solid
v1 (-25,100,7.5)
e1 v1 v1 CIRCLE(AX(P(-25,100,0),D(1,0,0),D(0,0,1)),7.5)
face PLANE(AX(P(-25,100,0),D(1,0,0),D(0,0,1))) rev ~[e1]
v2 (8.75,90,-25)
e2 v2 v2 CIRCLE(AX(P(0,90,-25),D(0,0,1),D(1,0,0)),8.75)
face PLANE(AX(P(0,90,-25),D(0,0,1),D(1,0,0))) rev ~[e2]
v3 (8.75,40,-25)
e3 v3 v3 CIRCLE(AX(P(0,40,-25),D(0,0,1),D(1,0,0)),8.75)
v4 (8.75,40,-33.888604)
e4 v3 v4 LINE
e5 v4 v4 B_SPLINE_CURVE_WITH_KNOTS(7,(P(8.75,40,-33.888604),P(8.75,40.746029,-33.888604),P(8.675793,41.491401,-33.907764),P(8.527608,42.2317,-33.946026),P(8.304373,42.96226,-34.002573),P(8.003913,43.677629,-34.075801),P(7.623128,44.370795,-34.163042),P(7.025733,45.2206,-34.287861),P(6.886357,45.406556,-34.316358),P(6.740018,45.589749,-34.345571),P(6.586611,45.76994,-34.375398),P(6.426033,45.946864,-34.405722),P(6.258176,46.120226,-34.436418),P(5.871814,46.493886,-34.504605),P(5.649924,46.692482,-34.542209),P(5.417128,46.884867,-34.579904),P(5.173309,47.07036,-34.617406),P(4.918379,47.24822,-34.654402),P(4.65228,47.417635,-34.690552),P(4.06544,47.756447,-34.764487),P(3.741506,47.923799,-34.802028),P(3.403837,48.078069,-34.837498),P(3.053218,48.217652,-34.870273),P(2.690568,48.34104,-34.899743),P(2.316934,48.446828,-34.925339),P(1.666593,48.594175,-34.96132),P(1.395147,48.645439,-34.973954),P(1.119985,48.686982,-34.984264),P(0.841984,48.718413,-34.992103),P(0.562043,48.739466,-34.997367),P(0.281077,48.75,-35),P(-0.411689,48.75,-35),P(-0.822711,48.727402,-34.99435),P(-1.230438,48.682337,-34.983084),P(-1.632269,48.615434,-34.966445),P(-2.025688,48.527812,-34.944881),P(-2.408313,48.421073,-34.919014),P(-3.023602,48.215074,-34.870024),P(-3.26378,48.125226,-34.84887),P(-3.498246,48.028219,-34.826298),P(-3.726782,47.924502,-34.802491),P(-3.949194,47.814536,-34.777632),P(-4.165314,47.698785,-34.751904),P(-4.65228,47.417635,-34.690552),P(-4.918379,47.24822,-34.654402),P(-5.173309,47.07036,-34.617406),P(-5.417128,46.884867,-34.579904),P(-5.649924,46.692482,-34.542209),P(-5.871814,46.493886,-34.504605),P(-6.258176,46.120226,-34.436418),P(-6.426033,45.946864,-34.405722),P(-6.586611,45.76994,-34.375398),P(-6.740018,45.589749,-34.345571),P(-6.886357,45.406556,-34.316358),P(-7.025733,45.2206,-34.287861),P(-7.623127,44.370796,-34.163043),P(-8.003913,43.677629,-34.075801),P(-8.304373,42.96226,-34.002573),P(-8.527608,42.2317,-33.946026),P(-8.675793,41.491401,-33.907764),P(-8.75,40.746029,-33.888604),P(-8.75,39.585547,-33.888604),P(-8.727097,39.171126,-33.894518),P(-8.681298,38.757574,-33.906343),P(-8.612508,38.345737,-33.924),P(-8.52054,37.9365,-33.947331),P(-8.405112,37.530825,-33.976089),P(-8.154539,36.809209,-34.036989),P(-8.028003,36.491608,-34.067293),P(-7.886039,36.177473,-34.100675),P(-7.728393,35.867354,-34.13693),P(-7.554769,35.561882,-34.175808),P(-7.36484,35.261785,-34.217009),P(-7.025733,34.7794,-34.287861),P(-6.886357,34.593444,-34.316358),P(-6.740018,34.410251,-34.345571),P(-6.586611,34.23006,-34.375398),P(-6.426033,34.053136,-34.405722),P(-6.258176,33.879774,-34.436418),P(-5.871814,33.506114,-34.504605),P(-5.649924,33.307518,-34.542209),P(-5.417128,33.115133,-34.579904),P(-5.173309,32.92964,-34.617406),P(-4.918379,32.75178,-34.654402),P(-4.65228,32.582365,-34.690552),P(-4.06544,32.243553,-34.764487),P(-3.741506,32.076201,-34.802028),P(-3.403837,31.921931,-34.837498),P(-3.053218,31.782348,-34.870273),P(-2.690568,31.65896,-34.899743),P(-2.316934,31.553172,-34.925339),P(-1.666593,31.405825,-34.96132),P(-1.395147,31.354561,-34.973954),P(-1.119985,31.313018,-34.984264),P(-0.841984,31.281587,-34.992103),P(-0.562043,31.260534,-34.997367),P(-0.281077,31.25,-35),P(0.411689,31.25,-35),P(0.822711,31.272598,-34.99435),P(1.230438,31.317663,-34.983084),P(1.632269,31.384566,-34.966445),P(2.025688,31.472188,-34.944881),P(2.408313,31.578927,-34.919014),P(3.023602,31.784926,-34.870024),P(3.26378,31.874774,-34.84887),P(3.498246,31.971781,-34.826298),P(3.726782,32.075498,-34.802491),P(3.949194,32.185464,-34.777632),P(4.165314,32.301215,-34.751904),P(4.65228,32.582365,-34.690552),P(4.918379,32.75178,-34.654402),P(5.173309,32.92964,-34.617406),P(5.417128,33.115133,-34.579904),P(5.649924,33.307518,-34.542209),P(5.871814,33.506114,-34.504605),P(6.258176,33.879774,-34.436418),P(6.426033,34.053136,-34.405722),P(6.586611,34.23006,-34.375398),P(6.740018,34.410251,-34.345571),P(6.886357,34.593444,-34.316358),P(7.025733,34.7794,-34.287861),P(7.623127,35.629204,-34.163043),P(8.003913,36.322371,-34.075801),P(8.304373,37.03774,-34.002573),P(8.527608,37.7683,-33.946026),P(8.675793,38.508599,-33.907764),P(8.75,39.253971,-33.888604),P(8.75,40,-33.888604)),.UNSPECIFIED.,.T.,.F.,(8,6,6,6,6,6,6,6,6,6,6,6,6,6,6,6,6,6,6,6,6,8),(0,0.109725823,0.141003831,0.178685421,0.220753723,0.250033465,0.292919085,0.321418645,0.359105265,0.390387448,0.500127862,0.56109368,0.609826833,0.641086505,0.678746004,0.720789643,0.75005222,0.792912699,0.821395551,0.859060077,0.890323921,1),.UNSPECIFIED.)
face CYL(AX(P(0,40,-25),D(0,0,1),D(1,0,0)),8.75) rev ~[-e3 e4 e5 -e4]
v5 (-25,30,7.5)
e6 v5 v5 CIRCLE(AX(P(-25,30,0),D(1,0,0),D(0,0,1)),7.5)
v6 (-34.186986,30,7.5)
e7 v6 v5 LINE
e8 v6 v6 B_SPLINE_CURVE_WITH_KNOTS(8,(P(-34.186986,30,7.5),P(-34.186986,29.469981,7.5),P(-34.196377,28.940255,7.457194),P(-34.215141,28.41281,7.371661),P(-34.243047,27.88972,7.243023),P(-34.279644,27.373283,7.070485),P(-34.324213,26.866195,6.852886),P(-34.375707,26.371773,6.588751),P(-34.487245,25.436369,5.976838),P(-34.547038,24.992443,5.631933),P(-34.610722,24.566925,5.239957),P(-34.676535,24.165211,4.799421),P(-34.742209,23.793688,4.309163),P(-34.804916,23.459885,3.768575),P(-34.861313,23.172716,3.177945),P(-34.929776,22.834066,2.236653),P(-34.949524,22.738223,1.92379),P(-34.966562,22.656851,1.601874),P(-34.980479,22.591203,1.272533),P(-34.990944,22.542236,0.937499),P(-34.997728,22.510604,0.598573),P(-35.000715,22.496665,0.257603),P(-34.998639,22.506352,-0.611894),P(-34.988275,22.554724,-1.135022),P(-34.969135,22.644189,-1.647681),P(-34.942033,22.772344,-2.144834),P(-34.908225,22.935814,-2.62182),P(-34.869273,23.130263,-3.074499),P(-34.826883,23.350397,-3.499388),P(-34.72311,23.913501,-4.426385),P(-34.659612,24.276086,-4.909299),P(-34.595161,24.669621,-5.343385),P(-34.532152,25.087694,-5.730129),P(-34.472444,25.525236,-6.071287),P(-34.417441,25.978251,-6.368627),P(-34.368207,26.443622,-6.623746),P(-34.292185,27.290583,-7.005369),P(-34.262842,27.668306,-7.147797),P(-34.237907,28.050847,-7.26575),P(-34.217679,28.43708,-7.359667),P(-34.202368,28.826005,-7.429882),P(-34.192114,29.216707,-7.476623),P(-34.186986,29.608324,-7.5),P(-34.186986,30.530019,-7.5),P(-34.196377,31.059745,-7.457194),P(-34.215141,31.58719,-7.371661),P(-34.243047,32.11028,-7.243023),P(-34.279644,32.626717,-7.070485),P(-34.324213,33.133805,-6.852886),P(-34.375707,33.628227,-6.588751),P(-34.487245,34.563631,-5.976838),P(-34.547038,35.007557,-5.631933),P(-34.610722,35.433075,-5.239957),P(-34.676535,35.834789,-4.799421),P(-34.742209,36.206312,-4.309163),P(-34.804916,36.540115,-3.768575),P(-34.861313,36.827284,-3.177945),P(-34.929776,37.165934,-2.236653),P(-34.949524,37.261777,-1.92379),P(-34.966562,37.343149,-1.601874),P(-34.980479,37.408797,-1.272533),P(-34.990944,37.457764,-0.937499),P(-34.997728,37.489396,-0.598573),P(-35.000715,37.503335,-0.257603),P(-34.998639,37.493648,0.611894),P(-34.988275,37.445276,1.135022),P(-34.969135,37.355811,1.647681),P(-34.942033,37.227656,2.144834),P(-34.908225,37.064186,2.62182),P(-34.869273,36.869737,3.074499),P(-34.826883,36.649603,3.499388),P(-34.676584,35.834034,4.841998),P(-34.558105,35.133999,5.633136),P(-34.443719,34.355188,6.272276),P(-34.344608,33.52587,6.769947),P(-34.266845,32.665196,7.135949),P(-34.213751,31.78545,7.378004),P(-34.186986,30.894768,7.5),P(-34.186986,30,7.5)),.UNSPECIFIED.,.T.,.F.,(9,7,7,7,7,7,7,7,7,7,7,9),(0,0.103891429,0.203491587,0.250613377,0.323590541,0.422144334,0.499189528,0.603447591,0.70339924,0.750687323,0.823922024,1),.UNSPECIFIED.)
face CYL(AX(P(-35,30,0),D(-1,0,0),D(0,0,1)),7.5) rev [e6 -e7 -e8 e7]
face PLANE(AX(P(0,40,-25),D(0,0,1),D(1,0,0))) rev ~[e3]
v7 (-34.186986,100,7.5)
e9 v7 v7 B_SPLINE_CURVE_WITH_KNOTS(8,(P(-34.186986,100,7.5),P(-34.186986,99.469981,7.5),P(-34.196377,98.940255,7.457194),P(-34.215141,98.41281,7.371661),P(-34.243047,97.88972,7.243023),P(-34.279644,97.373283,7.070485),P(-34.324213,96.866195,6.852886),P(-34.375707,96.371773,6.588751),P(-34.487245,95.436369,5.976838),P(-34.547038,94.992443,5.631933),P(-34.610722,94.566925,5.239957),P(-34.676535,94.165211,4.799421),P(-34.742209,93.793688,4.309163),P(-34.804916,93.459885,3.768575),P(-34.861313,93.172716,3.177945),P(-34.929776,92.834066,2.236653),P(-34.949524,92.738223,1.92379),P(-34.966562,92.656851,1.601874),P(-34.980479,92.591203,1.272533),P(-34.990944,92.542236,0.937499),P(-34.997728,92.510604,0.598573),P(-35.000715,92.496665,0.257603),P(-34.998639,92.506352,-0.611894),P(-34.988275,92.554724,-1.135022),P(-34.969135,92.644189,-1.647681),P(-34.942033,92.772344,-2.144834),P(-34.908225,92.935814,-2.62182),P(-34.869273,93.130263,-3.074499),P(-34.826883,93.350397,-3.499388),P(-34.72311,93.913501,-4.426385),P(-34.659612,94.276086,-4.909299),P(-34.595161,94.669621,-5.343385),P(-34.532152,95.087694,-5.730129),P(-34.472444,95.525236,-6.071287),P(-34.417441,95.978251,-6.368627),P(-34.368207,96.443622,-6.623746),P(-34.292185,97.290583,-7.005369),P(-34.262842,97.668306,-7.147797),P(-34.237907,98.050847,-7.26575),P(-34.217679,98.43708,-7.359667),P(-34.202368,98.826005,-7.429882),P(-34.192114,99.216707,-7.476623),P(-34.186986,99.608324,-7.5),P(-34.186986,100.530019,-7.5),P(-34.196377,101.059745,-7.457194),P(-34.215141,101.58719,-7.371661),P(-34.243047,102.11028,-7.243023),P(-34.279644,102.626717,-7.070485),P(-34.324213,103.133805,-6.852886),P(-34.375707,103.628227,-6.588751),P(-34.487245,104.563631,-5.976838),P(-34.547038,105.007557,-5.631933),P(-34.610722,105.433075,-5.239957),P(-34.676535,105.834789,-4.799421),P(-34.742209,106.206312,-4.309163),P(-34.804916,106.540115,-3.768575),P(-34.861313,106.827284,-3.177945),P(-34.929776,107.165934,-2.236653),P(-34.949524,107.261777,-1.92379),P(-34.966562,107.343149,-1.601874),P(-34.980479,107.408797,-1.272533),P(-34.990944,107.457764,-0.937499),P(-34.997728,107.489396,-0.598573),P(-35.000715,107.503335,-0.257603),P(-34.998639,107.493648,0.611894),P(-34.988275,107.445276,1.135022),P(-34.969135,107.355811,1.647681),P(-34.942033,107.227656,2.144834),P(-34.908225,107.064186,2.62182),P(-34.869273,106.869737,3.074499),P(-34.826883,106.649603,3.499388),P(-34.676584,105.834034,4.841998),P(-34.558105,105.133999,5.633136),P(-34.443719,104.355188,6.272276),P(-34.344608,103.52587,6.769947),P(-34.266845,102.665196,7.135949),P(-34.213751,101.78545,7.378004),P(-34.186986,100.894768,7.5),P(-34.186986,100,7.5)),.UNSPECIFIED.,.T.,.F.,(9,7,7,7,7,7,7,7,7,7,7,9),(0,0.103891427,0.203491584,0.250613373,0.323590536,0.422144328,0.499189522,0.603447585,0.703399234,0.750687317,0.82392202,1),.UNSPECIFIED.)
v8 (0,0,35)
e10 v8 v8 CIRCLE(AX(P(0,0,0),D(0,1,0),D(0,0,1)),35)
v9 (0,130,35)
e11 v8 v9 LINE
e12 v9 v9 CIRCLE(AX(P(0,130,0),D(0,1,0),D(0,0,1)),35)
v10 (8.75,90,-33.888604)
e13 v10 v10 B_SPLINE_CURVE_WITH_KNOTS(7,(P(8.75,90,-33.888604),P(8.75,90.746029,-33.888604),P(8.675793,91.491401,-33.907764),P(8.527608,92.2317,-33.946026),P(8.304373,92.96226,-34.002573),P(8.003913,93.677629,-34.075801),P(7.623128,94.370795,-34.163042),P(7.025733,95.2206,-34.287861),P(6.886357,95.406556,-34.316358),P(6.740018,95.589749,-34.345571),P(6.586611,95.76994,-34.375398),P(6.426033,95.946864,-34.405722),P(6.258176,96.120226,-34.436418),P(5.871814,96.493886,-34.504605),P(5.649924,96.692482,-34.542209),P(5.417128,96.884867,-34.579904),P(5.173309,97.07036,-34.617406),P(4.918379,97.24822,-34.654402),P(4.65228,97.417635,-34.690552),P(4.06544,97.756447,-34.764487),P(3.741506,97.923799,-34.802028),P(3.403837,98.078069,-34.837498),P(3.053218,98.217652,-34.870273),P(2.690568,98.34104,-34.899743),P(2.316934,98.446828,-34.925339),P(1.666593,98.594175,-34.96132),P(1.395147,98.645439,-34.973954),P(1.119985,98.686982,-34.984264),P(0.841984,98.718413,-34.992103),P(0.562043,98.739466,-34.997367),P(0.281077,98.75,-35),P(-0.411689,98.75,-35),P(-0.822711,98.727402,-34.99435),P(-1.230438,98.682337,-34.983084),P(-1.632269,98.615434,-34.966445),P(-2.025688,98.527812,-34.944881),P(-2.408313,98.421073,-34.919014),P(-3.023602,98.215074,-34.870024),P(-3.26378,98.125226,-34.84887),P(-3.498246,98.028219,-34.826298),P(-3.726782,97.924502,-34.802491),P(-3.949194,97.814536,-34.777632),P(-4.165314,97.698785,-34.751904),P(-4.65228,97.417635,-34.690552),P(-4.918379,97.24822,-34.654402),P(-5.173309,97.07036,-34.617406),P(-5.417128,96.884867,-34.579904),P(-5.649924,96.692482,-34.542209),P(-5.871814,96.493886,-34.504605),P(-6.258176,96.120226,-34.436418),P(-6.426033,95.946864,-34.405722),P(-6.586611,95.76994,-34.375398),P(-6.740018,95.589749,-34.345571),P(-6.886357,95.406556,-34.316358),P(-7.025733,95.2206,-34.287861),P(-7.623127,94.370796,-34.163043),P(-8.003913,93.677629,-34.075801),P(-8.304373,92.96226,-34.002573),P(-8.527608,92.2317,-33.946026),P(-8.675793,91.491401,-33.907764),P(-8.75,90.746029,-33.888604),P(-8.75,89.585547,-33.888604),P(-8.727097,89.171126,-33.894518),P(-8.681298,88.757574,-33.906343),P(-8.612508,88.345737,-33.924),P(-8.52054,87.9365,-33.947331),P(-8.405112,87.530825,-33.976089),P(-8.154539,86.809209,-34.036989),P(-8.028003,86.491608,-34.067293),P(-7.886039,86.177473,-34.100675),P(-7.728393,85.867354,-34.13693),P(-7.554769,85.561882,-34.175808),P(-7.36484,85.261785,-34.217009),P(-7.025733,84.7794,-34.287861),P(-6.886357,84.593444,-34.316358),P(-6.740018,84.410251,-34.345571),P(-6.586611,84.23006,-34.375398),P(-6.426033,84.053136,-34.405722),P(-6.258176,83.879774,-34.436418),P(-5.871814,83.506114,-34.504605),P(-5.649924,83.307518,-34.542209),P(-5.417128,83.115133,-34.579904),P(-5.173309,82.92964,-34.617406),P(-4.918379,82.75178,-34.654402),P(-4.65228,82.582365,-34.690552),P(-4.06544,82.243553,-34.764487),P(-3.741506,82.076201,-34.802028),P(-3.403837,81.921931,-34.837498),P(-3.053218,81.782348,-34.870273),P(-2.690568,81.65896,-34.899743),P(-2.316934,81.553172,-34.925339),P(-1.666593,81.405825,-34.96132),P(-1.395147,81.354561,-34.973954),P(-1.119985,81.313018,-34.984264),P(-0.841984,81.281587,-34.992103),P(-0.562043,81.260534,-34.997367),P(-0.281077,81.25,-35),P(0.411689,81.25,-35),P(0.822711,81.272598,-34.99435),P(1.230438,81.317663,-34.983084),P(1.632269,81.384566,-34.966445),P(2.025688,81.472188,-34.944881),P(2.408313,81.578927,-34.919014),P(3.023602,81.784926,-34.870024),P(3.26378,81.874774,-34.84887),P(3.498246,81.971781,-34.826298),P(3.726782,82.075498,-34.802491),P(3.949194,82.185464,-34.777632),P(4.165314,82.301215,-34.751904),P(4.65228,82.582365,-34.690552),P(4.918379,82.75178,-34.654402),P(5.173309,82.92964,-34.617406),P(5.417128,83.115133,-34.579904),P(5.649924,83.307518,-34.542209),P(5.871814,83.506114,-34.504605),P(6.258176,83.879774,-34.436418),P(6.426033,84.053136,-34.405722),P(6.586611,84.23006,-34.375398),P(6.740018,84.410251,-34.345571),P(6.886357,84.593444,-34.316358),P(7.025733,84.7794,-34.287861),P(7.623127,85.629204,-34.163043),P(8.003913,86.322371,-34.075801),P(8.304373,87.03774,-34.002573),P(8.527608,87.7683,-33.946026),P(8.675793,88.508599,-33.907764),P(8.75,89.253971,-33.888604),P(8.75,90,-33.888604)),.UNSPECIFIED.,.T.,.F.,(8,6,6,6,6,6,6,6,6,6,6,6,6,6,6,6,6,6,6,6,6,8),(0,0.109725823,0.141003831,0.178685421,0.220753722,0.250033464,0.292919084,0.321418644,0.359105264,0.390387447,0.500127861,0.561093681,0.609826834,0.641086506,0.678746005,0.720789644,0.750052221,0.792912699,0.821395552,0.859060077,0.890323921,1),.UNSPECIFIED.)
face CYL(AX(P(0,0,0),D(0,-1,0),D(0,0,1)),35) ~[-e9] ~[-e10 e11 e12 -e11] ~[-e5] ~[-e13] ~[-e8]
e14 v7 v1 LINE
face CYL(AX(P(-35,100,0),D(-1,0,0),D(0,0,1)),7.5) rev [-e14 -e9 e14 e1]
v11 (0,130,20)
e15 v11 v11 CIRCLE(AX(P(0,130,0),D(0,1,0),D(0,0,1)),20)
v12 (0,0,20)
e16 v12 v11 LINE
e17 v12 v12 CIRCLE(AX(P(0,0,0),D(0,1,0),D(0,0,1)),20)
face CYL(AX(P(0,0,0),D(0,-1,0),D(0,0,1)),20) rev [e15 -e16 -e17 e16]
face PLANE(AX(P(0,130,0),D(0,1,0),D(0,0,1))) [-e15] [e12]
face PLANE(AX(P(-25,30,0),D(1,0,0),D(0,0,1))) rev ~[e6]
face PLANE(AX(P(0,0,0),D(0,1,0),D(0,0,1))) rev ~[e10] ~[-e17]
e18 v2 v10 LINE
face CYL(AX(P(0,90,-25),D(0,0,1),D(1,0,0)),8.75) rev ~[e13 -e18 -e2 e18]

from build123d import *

# Parameters (mm, degrees)
ESQUISSE1_R             = 35
ESQUISSE1_R_2           = 20
BOSS_EXTRU_1_DEPTH      = 130
ENL_V_START             = -25
ESQUISSE2_R             = 8.75
ENL_V_MAT_EXTRU_1_DEPTH = 100
ESQUISSE3_R             = 7.5
ENL_V_MAT_EXTRU_2_DEPTH = 10


with BuildPart() as part:
    # Esquisse1 → Boss.-Extru.1 (new body)
    with BuildSketch(Plane(origin=(0, 0, 0), x_dir=(1, 0, 0), z_dir=(0, 1, 0))):
        with Locations(Location((0, 0, 0), (0, 0, 270))):
            Circle(ESQUISSE1_R)
        with Locations(Location((0, 0, 0), (0, 0, 270))):
            Circle(ESQUISSE1_R_2, mode=Mode.SUBTRACT)
    extrude(amount=BOSS_EXTRU_1_DEPTH)

    # Esquisse2 → Enlèv. mat.-Extru.1 (cut)
    with BuildSketch(Plane.XY.offset(ENL_V_START)):
        with Locations((0, 90)):
            Circle(ESQUISSE2_R)
        with Locations((0, 40)):
            Circle(ESQUISSE2_R)
    extrude(amount=-ENL_V_MAT_EXTRU_1_DEPTH, mode=Mode.SUBTRACT)

    # Esquisse3 → Enlèv. mat.-Extru.2 (cut)
    with BuildSketch(Plane(origin=(-35, 0, 0), x_dir=(0, 0, -1), z_dir=(1, 0, 0))):
        with Locations(Location((0, 100, 0), (0, 0, 180))):
            Circle(ESQUISSE3_R)
        with Locations(Location((0, 30, 0), (0, 0, 180))):
            Circle(ESQUISSE3_R)
    extrude(amount=ENL_V_MAT_EXTRU_2_DEPTH, mode=Mode.SUBTRACT)


solid = part.part
